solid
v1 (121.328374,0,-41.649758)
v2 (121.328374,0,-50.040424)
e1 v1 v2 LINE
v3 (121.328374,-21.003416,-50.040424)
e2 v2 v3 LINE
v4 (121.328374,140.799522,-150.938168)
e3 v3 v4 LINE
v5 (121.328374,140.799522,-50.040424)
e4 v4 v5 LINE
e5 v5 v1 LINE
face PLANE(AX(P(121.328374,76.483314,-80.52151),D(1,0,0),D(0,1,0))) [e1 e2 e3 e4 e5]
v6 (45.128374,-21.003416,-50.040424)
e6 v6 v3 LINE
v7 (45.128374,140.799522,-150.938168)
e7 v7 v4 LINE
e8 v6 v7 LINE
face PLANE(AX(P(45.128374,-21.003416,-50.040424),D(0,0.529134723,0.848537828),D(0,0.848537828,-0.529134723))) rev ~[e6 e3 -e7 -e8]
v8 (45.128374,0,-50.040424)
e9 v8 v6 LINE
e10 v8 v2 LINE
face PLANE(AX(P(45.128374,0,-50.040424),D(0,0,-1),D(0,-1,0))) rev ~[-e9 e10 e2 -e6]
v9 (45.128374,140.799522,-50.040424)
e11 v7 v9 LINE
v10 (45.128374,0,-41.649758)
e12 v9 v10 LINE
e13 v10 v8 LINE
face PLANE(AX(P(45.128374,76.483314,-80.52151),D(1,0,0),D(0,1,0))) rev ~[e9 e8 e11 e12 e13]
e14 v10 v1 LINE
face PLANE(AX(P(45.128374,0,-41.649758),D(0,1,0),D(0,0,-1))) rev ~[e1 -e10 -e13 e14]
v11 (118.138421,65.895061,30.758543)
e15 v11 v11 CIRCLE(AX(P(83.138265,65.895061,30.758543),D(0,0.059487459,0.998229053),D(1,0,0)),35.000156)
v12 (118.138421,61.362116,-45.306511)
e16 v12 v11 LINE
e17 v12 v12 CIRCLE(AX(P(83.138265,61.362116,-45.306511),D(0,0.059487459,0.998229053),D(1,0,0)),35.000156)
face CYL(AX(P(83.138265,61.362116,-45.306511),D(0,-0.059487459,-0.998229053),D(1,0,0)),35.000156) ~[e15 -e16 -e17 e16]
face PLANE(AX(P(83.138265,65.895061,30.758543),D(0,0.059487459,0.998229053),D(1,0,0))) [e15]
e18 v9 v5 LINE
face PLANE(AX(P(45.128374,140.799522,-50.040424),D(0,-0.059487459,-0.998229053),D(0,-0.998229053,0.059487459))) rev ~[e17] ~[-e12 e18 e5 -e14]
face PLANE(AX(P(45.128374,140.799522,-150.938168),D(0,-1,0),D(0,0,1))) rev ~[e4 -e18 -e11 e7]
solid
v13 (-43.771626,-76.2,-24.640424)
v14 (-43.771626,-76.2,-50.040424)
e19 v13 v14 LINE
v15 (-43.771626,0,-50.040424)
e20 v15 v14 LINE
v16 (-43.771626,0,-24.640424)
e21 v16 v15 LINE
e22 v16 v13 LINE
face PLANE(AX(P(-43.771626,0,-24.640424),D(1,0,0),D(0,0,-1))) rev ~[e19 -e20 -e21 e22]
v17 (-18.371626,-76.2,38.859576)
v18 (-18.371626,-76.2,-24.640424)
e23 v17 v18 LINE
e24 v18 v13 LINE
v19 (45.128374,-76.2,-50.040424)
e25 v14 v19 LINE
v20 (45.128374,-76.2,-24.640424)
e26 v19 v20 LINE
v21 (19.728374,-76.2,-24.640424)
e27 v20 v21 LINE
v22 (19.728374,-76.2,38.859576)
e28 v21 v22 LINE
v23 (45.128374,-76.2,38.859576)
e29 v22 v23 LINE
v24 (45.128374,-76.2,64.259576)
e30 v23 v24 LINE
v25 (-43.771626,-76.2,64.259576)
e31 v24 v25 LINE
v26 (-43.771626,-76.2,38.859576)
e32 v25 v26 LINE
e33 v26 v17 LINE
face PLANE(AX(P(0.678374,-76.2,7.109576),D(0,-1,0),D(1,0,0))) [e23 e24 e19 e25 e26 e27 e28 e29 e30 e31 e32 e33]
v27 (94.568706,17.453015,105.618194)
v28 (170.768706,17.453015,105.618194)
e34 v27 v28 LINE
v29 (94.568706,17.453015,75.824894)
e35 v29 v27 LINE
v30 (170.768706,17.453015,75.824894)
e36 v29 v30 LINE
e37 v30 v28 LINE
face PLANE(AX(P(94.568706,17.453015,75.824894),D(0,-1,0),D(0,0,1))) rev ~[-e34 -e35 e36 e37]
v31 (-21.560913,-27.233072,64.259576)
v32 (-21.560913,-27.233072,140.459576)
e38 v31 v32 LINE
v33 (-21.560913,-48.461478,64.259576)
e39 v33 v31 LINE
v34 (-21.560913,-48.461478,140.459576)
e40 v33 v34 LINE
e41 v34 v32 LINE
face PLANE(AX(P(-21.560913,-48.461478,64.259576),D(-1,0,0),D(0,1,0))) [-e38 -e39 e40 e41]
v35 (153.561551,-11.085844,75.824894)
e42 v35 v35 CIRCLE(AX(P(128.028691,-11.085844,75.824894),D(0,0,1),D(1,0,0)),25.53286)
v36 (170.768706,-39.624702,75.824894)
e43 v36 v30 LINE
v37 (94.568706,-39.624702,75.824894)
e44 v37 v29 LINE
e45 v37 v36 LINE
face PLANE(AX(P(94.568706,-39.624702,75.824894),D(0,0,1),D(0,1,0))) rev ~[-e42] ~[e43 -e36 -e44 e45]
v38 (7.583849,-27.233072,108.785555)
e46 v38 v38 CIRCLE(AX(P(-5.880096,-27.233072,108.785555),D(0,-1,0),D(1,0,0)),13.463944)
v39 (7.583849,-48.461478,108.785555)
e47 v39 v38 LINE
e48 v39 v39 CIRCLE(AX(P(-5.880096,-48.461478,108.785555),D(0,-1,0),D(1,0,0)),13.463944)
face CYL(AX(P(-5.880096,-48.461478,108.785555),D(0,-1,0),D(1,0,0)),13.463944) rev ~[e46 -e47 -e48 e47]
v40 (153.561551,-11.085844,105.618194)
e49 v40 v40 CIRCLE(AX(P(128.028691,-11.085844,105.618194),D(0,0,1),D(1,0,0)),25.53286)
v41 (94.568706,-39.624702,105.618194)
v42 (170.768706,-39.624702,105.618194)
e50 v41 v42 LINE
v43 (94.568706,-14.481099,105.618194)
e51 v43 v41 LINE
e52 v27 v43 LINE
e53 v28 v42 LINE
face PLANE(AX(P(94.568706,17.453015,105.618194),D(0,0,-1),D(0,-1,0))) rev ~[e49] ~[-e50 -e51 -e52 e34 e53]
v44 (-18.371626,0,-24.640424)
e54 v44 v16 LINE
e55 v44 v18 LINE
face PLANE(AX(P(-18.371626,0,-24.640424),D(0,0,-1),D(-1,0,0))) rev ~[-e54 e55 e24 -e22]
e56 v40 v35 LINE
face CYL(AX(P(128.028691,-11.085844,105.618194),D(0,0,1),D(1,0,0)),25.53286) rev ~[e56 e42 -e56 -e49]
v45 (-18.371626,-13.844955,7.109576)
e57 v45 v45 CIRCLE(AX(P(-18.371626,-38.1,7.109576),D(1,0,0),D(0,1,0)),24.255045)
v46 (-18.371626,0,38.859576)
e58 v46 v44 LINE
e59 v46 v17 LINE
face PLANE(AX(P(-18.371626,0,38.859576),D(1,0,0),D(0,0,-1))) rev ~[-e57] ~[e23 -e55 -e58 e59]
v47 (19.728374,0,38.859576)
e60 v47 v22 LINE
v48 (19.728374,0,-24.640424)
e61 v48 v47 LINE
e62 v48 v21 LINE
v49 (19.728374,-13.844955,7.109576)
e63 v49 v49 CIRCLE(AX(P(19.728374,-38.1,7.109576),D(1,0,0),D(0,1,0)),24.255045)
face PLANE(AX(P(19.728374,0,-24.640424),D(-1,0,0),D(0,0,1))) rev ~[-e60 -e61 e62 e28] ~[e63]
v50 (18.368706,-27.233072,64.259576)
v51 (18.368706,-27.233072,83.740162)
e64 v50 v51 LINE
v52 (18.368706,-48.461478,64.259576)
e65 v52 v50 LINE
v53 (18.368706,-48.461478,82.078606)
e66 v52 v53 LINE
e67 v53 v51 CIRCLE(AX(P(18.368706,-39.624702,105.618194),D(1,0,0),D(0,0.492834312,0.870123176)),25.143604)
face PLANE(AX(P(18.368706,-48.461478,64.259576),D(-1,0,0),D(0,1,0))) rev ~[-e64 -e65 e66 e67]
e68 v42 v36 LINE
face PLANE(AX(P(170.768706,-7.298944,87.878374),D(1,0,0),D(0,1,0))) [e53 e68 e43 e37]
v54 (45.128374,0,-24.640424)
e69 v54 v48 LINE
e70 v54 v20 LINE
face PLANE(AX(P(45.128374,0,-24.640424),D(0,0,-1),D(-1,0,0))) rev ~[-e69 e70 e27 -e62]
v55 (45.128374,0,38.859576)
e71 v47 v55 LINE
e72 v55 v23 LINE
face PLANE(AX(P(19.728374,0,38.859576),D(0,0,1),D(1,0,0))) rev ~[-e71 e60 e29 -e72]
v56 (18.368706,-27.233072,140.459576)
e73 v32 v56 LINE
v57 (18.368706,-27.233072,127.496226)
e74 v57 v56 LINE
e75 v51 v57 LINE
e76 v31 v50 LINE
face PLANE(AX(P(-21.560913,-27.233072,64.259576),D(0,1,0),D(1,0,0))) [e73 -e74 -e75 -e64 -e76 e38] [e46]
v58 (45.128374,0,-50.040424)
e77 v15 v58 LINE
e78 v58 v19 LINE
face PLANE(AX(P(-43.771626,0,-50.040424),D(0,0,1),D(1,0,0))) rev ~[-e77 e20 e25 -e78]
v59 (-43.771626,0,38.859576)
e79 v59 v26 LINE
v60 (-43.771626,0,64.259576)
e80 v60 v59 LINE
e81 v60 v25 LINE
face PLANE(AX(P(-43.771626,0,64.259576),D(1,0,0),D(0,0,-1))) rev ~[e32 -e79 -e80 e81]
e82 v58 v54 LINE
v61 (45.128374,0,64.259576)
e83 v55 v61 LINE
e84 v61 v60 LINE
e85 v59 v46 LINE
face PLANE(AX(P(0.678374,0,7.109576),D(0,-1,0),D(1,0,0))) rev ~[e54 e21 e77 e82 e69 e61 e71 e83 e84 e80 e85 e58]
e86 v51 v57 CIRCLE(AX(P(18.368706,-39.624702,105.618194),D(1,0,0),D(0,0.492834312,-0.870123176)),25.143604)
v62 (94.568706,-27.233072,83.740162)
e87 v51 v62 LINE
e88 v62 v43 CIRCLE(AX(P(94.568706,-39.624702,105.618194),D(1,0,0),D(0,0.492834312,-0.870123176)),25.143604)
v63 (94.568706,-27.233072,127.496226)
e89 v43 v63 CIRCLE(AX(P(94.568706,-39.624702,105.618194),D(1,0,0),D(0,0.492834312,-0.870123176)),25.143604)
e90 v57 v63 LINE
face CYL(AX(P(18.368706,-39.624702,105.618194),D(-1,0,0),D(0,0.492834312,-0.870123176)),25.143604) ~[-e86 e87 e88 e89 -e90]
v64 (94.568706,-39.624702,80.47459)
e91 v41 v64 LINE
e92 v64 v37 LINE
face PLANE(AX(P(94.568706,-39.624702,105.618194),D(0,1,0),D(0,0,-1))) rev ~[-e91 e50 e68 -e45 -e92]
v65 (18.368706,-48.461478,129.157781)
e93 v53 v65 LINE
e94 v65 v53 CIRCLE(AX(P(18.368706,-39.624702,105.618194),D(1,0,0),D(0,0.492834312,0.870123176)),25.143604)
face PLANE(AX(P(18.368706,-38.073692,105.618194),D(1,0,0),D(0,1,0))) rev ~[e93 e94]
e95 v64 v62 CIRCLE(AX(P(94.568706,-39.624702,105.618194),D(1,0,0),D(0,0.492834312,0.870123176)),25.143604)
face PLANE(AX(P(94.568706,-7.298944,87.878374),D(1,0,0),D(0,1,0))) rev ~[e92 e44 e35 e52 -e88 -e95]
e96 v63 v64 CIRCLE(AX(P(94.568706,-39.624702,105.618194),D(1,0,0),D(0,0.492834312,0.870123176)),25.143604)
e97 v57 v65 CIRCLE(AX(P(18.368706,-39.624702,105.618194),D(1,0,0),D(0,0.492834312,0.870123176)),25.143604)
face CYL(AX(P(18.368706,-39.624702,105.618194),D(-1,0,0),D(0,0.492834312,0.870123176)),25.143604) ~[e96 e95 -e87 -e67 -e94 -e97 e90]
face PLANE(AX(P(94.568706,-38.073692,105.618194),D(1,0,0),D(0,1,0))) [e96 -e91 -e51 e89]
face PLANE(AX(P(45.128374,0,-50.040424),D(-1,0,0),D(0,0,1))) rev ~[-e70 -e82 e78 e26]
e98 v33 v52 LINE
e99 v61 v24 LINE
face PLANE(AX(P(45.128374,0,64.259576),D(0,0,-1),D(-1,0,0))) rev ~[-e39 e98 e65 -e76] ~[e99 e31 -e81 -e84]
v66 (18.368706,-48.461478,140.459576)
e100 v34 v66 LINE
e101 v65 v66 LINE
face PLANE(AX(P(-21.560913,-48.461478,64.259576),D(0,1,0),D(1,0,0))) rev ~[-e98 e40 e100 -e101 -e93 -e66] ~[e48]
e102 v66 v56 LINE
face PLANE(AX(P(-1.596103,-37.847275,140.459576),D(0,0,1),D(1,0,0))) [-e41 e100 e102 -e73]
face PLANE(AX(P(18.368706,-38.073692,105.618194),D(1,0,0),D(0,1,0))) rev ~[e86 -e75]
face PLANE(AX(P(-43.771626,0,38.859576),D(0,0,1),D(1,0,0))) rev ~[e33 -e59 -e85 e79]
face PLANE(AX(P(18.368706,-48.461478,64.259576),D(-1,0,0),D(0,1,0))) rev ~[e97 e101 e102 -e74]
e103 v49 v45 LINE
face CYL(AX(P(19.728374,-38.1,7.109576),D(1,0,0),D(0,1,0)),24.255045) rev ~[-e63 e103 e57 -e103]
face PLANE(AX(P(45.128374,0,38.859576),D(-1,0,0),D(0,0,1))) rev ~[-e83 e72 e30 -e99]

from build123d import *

# Parameters (mm, degrees)
F1_DEPTH  = 76.2
F2_R      = 24.255044585
F3_DEPTH  = 63.501
F4_W      = 39.929619059
F4_H      = 21.2284065783
F5_DEPTH  = 76.2
F6_R      = 13.4639441967
F7_DEPTH  = 48.4624782035
F9_DEPTH  = 76.2
F11_DEPTH = 76.2
F12_R     = 25.532860147
F13_DEPTH = 155.6596173367
F15_DEPTH = 76.2
F16_R     = 35.0001561694
F17_DEPTH = 76.2


with BuildPart() as f1:
    # F0 (on Front) → F1 (new body)
    with BuildSketch(Plane.XZ):
        Polygon((-43.7716264993, -24.640423591), (-43.7716264993, -50.040423591), (45.1283735007, -50.040423591), (45.1283735007, -24.640423591), (19.7283735007, -24.640423591), (19.7283735007, 38.859576409), (45.1283735007, 38.859576409), (45.1283735007, 64.259576409), (-43.7716264993, 64.259576409), (-43.7716264993, 38.859576409), (-18.3716264993, 38.859576409), (-18.3716264993, -24.640423591), align=None)
    extrude(amount=F1_DEPTH)

    # F2 (on face) → F3 (cut, through all)
    with BuildSketch(Plane.YZ.offset(19.7283735007)):
        with Locations((-38.1, 7.109576409)):
            Circle(F2_R)
    extrude(amount=-F3_DEPTH, mode=Mode.SUBTRACT)

    # F4 (on face) → F5 (join)
    with BuildSketch(Plane.XY.offset(64.259576409)):
        with Locations((-1.5961034223, -37.8472749144)):
            Rectangle(F4_W, F4_H)
    extrude(amount=F5_DEPTH)

    # F6 (on face) → F7 (cut, through all)
    with BuildSketch(Plane.XZ.offset(48.4614782035)):
        with Locations((-5.8800955303, 108.7855547667)):
            Circle(F6_R)
    extrude(amount=-F7_DEPTH, mode=Mode.SUBTRACT)

    # F8 (on face) → F9 (join)
    with BuildSketch(Plane.YZ.offset(18.3687061071)):
        with BuildLine():
            Line((-27.2330716252, 83.7401615654), (-27.2330716252, 127.4962259258))
            ThreePointArc((-27.2330716252, 127.4962259258), (-37.6627033578, 130.6851313451), (-48.4614782035, 129.157781457))
            Line((-48.4614782035, 129.157781457), (-48.4614782035, 82.0786060342))
            ThreePointArc((-48.4614782035, 82.0786060342), (-37.6627033578, 80.5512561461), (-27.2330716252, 83.7401615654))
        make_face()
        with BuildLine():
            ThreePointArc((-27.2330716252, 83.7401615654), (-17.9017759749, 92.9566268256), (-14.4810986247, 105.6181937456))
            ThreePointArc((-14.4810986247, 105.6181937456), (-17.9017759749, 118.2797606657), (-27.2330716252, 127.4962259258))
            Line((-27.2330716252, 127.4962259258), (-27.2330716252, 83.7401615654))
        make_face()
        with BuildLine():
            Line((-48.4614782035, 82.0786060342), (-48.4614782035, 129.157781457))
            ThreePointArc((-48.4614782035, 129.157781457), (-64.7683057461, 105.6181937456), (-48.4614782035, 82.0786060342))
        make_face()
    extrude(amount=F9_DEPTH)

    # F10 (on face) → F11 (join)
    with BuildSketch(Plane.YZ.offset(94.5687061071)):
        with BuildLine():
            Line((17.4530148506, 105.6181937456), (-14.4810986247, 105.6181937456))
            ThreePointArc((-14.4810986247, 105.6181937456), (-21.8454896042, 87.8389811644), (-39.6247021854, 80.4745901849))
            Line((-39.6247021854, 80.4745901849), (-39.6247021854, 75.824894011))
            Line((-39.6247021854, 75.824894011), (17.4530148506, 75.824894011))
            Line((17.4530148506, 75.824894011), (17.4530148506, 105.6181937456))
        make_face()
        with BuildLine():
            Line((-14.4810986247, 105.6181937456), (-39.6247021854, 105.6181937456))
            Line((-39.6247021854, 105.6181937456), (-39.6247021854, 80.4745901849))
            ThreePointArc((-39.6247021854, 80.4745901849), (-21.8454896042, 87.8389811644), (-14.4810986247, 105.6181937456))
        make_face()
    extrude(amount=F11_DEPTH)

    # F12 (on face) → F13 (cut, through all)
    with BuildSketch(Plane.XY.offset(105.6181937456)):
        with Locations((128.028690815, -11.0858436674)):
            Circle(F12_R)
    extrude(amount=-F13_DEPTH, mode=Mode.SUBTRACT)


with BuildPart() as f15:
    # F14 (on face) → F15 (new body)
    with BuildSketch(Plane.YZ.offset(45.1283735007)):
        Polygon((0, -50.040423591), (-21.0034160411, -50.040423591), (140.7995223999, -150.9381681681), (140.7995223999, -50.040423591), (0, -41.6497582876), align=None)
    extrude(amount=F15_DEPTH)

    # F16 (on face) → F17 (join)
    with BuildSketch(Plane(origin=(0, -2.4732505411, -41.5023698792), x_dir=(1, 0, 0), z_dir=(0, 0.0594874595, 0.998229053))):
        with Locations((83.1382647157, 63.9486163855)):
            Circle(F16_R)
    extrude(amount=F17_DEPTH)


solid = Compound([f1.part, f15.part])
